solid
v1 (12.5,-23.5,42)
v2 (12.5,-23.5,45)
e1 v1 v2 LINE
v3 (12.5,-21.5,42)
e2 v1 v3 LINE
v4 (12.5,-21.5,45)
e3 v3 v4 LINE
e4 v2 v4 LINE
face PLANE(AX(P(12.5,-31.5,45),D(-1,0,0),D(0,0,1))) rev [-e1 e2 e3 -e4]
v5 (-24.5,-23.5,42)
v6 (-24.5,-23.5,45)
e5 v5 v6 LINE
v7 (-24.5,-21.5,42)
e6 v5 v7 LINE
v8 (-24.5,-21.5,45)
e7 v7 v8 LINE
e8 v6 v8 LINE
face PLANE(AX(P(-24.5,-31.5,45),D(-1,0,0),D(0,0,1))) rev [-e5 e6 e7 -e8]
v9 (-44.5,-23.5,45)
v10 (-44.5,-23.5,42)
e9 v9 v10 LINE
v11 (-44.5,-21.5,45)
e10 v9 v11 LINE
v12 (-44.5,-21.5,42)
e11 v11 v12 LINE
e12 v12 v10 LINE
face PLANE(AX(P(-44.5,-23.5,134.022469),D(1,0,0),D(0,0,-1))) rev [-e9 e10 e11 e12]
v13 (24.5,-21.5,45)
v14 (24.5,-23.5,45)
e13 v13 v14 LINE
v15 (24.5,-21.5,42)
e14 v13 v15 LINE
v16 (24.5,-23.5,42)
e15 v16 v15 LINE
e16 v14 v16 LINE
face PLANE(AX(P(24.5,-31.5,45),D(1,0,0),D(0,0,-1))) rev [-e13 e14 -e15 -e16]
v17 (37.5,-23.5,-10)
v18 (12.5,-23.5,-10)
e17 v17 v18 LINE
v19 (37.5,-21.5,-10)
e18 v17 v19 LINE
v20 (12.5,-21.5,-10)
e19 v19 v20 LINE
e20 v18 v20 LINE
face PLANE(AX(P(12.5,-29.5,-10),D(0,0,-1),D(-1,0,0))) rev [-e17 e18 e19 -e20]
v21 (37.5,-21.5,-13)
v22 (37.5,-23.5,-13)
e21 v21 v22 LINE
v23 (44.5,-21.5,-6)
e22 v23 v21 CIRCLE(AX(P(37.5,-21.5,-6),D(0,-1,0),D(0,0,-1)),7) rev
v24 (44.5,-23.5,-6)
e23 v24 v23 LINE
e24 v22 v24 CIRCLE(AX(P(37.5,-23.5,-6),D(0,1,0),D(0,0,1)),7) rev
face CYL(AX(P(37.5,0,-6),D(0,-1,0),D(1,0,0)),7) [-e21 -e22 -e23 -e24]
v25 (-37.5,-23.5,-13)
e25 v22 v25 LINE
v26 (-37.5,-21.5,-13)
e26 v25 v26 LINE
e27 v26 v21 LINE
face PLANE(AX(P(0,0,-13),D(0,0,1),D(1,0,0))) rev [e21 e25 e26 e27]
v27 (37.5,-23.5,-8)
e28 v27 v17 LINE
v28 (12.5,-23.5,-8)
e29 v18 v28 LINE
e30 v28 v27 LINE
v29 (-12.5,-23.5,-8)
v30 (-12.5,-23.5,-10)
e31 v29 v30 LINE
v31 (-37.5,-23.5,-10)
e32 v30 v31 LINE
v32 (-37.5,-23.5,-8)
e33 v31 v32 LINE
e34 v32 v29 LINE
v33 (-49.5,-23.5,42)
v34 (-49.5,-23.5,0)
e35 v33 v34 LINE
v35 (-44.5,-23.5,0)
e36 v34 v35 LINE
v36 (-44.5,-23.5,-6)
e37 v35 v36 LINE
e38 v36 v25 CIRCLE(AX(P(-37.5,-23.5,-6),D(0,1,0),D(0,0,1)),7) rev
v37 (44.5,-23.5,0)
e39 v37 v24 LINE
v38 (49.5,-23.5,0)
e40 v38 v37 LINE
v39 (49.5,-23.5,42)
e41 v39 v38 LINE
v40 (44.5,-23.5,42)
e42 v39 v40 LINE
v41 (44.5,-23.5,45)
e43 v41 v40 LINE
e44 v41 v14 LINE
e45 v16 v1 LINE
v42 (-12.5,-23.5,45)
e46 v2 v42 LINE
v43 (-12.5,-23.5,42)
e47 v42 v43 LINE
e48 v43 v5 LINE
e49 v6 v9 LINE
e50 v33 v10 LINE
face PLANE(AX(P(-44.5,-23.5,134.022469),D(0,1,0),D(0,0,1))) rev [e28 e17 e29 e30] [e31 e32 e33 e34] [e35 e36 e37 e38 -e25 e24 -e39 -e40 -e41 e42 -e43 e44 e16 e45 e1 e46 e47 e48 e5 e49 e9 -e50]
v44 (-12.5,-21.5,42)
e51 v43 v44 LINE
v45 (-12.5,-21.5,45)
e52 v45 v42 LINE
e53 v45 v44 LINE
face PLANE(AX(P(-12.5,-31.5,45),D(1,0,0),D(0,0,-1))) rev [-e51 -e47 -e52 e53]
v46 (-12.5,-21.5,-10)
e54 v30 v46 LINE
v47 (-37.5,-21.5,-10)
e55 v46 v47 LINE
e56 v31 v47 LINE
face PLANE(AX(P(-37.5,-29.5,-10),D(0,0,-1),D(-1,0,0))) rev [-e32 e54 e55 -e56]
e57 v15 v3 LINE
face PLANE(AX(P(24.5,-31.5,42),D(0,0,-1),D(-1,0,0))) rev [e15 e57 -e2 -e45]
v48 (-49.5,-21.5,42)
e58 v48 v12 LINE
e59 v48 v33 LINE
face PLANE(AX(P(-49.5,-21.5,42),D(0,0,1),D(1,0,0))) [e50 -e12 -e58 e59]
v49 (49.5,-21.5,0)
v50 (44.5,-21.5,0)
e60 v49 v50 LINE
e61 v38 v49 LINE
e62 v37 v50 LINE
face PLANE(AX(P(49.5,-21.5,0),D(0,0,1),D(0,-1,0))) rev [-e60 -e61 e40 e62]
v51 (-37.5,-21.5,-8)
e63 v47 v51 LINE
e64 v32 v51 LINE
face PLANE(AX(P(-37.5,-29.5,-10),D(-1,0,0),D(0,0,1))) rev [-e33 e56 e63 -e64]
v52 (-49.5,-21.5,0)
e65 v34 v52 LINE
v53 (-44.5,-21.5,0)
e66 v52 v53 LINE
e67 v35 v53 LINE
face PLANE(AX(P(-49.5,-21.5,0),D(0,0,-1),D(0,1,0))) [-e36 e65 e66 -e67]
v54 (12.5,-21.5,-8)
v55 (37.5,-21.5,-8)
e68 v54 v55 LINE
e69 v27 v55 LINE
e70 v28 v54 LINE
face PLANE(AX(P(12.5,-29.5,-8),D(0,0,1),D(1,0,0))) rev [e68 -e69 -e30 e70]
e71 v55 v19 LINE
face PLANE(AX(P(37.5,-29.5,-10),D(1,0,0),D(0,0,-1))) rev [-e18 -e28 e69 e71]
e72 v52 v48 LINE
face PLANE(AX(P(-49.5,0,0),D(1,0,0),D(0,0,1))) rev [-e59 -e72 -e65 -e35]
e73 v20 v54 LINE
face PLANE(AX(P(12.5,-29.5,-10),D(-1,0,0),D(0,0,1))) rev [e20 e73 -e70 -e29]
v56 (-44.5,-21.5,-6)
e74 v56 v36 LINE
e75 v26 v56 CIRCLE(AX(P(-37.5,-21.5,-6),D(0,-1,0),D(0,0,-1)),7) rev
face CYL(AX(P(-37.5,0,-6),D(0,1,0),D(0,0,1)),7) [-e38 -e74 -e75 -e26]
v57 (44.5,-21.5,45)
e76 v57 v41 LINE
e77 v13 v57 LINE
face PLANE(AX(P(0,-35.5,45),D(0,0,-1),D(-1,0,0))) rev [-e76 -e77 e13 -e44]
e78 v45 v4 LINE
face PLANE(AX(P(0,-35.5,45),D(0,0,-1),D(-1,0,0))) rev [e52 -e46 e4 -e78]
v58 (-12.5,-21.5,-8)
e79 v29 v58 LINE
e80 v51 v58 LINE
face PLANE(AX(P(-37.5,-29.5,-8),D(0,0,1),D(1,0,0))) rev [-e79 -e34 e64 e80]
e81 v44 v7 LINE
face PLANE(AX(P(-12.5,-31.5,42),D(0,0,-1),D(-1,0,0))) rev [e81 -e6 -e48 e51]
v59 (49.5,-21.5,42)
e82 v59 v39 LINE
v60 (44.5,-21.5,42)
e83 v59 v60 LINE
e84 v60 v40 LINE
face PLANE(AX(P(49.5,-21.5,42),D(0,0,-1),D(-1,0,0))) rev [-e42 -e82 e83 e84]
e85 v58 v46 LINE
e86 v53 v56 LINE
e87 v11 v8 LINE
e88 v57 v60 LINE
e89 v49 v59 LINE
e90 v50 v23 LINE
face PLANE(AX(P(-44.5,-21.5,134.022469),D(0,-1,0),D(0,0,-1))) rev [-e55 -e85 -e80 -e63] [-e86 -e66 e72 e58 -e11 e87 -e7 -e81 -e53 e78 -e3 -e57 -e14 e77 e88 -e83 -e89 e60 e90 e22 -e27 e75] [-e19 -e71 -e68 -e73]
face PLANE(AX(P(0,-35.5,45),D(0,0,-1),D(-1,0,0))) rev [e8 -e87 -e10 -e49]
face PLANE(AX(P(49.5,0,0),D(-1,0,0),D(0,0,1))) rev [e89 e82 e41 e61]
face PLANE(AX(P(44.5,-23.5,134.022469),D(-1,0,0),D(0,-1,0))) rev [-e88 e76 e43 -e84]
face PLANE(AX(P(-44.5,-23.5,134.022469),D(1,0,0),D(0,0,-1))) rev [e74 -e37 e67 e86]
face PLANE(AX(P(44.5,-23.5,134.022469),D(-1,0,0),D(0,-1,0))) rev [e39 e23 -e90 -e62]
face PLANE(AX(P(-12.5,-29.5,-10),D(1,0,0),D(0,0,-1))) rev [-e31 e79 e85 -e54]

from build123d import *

# Parameters (mm, degrees)
ESTRUSIONE_ESTRUSIONE1_DEPTH      = 45
ESTRUSIONE_ESTRUSIONE1_DEPTH_BACK = 3
SCHIZZO1_W                        = 89
SCHIZZO1_H                        = 2
SCHIZZO2_W                        = 12
SCHIZZO2_H                        = 3
TAGLIO_ESTRUSIONE1_DEPTH          = 10
SCHIZZO3_W                        = 42
SCHIZZO3_H                        = 2
ESTRUSIONE_ESTRUSIONE2_DEPTH      = 5
SCHIZZO4_W                        = 89
SCHIZZO4_H                        = 2
ESTRUSIONE_ESTRUSIONE3_DEPTH      = 10
SCHIZZO5_W                        = 25
SCHIZZO5_H                        = 2
TAGLIO_ESTRUSIONE2_DEPTH          = 8
RACCORDO1_R                       = 7


with BuildPart() as part:
    # Schizzo1 → Estrusione-Estrusione1 (new, two sides: drawn at the far end of the back side and taken through both)
    with BuildSketch(Plane.XY.offset(-ESTRUSIONE_ESTRUSIONE1_DEPTH_BACK)):
        with Locations((0, -22.5)):
            Rectangle(SCHIZZO1_W, SCHIZZO1_H)
    extrude(amount=ESTRUSIONE_ESTRUSIONE1_DEPTH + ESTRUSIONE_ESTRUSIONE1_DEPTH_BACK)

    # Schizzo2 → Taglio-Estrusione1 (cut)
    with BuildSketch(Plane(origin=(0, -21.5, 0), x_dir=(1, 0, 0), z_dir=(0, 1, 0))):
        with Locations((18.5, -43.5)):
            Rectangle(SCHIZZO2_W, SCHIZZO2_H)
        with Locations((-18.5, -43.5)):
            Rectangle(SCHIZZO2_W, SCHIZZO2_H)
    extrude(amount=-TAGLIO_ESTRUSIONE1_DEPTH, mode=Mode.SUBTRACT)

    # Schizzo3 → Estrusione-Estrusione2 (add)
    with BuildSketch(Plane(origin=(44.5, 0, 0), x_dir=(0, 0, -1), z_dir=(1, 0, 0))):
        with Locations((-21, -22.5)):
            Rectangle(SCHIZZO3_W, SCHIZZO3_H)
    estrusione_estrusione2 = extrude(amount=ESTRUSIONE_ESTRUSIONE2_DEPTH)

    # Specchia1: Estrusione-Estrusione2 across plane
    add(estrusione_estrusione2.mirror(Plane(origin=(0, 0, 0), x_dir=(0, 0, 1), z_dir=(1, 0, 0))))

    # Schizzo4 → Estrusione-Estrusione3 (add)
    with BuildSketch(Plane(origin=(0, 0, -3), x_dir=(-1, 0, 0), z_dir=(0, 0, -1))):
        with Locations((0, -22.5)):
            Rectangle(SCHIZZO4_W, SCHIZZO4_H)
    extrude(amount=ESTRUSIONE_ESTRUSIONE3_DEPTH)

    # Schizzo5 → Taglio-Estrusione2 (cut)
    with BuildSketch(Plane(origin=(0, -21.5, 0), x_dir=(1, 0, 0), z_dir=(0, 1, 0))):
        with Locations((-25, 9)):
            Rectangle(SCHIZZO5_W, SCHIZZO5_H)
        with Locations((25, 9)):
            Rectangle(SCHIZZO5_W, SCHIZZO5_H)
    extrude(amount=-TAGLIO_ESTRUSIONE2_DEPTH, mode=Mode.SUBTRACT)

    # Raccordo1
    raccordo1_edges = [part.edges().sort_by_distance(p)[0] for p in [
        (-44.5, -22.5, -13),
        (44.5, -22.5, -13),
    ]]
    fillet(raccordo1_edges, radius=RACCORDO1_R)


solid = part.part
